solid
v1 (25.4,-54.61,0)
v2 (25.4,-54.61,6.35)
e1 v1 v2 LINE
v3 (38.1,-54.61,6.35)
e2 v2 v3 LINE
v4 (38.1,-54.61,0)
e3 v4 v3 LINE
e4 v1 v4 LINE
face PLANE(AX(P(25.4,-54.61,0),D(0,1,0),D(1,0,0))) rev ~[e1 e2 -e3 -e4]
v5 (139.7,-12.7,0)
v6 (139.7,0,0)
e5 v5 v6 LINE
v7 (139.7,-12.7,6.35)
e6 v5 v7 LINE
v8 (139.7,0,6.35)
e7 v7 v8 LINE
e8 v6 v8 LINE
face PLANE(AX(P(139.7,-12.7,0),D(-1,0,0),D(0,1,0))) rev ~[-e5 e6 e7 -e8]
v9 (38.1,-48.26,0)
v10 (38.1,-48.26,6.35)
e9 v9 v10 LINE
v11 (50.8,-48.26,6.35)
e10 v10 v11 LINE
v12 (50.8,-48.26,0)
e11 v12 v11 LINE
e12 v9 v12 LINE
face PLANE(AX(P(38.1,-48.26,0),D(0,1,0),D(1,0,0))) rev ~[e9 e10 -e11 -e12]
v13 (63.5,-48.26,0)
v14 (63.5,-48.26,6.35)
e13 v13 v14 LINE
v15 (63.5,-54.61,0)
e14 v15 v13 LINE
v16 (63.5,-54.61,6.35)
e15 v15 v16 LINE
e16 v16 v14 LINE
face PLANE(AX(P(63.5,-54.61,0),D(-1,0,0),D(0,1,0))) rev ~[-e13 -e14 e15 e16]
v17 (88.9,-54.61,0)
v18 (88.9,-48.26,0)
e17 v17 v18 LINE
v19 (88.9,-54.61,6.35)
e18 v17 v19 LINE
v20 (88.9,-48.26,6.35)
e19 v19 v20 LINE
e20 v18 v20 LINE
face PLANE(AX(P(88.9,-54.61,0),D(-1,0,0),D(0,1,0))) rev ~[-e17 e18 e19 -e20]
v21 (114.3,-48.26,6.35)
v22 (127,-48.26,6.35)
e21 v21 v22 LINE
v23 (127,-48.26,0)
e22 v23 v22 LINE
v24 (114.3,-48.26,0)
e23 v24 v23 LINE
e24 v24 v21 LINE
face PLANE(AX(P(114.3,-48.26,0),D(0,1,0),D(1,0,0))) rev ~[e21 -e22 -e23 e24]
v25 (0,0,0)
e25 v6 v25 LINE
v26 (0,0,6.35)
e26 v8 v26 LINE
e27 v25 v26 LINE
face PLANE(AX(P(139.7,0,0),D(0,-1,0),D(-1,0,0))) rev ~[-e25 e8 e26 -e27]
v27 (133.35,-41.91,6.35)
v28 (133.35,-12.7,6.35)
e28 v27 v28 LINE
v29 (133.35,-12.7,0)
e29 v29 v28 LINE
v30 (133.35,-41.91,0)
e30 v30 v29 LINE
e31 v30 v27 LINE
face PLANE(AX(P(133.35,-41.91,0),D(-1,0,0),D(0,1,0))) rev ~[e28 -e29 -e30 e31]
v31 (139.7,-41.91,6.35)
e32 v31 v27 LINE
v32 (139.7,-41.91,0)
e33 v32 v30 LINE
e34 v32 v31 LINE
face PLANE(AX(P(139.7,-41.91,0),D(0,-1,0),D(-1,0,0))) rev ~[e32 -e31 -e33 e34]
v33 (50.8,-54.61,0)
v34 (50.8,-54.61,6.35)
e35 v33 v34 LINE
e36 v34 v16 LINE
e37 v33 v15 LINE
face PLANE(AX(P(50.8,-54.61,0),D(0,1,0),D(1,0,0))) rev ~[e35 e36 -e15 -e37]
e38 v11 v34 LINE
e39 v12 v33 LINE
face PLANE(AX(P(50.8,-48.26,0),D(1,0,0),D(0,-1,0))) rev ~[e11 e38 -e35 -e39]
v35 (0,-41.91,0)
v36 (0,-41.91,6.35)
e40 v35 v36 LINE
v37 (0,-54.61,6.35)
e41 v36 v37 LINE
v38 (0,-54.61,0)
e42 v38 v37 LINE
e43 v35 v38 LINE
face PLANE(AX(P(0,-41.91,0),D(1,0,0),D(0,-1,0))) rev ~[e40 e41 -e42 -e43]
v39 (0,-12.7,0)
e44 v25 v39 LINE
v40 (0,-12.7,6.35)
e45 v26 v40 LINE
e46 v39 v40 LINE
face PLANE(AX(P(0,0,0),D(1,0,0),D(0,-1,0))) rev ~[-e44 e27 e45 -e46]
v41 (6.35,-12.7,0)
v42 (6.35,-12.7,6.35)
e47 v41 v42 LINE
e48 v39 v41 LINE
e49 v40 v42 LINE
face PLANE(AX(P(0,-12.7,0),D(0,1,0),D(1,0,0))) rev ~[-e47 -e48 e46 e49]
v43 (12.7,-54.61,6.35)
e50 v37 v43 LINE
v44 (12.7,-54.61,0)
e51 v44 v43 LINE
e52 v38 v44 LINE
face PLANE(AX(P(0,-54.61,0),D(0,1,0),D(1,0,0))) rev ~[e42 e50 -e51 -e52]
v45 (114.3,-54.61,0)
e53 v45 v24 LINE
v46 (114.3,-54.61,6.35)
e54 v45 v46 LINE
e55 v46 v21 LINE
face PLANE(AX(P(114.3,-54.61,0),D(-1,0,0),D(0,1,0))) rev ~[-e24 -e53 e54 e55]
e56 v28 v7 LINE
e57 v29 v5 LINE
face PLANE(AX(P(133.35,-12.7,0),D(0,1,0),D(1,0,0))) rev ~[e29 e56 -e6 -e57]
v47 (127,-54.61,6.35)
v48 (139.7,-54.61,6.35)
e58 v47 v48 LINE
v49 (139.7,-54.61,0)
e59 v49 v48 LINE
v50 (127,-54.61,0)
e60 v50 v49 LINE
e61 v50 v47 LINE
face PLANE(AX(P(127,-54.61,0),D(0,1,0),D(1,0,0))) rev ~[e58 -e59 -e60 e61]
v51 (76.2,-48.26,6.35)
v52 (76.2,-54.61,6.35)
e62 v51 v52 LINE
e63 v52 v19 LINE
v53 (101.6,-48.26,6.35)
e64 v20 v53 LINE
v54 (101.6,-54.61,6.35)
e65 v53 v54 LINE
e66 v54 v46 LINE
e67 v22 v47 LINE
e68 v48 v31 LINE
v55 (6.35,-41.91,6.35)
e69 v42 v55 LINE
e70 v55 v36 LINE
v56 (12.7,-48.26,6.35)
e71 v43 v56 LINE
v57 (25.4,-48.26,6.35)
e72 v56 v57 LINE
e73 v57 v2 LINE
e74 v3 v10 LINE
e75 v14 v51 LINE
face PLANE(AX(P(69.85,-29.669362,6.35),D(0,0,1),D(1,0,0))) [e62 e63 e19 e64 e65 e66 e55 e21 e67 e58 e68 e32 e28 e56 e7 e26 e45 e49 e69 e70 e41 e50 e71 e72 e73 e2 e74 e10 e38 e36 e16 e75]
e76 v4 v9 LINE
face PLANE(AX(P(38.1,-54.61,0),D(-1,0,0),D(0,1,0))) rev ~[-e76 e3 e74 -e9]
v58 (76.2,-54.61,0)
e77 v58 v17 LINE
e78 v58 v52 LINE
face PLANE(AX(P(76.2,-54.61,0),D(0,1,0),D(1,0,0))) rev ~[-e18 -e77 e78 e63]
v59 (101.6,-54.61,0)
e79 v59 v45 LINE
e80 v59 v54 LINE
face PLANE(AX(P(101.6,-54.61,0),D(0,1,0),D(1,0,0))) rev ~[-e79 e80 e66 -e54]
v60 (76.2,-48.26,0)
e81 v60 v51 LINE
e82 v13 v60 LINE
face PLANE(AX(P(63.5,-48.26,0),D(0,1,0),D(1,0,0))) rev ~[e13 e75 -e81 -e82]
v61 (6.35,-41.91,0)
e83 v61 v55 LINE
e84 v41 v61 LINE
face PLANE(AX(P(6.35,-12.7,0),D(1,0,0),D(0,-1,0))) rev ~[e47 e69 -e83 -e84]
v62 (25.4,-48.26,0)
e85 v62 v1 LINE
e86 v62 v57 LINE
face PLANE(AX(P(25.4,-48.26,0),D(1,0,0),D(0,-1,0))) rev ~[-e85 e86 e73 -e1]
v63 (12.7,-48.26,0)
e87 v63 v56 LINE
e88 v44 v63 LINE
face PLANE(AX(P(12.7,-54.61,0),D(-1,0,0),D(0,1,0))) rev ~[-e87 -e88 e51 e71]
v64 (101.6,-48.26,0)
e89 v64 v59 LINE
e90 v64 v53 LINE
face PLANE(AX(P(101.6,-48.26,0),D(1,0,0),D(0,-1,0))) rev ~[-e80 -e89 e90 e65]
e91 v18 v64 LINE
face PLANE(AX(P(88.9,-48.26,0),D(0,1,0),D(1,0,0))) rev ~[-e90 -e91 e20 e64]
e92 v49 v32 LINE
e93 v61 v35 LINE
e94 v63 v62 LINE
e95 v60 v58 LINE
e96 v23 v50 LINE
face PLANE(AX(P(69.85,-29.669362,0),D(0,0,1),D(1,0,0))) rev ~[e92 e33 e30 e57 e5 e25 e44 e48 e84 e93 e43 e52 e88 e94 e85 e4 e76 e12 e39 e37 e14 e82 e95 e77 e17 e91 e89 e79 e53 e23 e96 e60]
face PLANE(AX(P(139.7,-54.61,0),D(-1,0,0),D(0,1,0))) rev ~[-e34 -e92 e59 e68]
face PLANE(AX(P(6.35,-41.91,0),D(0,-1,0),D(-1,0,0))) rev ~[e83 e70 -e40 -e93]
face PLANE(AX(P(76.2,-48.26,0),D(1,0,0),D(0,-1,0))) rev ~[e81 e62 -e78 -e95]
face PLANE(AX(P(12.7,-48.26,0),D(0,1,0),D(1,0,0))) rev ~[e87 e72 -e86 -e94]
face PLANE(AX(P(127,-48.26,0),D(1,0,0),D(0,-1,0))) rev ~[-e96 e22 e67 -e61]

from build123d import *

# Parameters (mm, degrees)
F1_DEPTH = 6.35


with BuildPart() as f1:
    # F0 (on Top) → F1 (new body)
    with BuildSketch(Plane.XY):
        Polygon((139.7, 0), (0, 0), (0, -12.7), (6.35, -12.7), (6.35, -41.91), (0, -41.91), (0, -54.61), (12.7, -54.61), (12.7, -48.26), (25.4, -48.26), (25.4, -54.61), (38.1, -54.61), (38.1, -48.26), (50.8, -48.26), (50.8, -54.61), (63.5, -54.61), (63.5, -48.26), (76.2, -48.26), (76.2, -54.61), (88.9, -54.61), (88.9, -48.26), (101.6, -48.26), (101.6, -54.61), (114.3, -54.61), (114.3, -48.26), (127, -48.26), (127, -54.61), (139.7, -54.61), (139.7, -41.91), (133.35, -41.91), (133.35, -12.7), (139.7, -12.7), align=None)
    extrude(amount=F1_DEPTH)


solid = f1.part
